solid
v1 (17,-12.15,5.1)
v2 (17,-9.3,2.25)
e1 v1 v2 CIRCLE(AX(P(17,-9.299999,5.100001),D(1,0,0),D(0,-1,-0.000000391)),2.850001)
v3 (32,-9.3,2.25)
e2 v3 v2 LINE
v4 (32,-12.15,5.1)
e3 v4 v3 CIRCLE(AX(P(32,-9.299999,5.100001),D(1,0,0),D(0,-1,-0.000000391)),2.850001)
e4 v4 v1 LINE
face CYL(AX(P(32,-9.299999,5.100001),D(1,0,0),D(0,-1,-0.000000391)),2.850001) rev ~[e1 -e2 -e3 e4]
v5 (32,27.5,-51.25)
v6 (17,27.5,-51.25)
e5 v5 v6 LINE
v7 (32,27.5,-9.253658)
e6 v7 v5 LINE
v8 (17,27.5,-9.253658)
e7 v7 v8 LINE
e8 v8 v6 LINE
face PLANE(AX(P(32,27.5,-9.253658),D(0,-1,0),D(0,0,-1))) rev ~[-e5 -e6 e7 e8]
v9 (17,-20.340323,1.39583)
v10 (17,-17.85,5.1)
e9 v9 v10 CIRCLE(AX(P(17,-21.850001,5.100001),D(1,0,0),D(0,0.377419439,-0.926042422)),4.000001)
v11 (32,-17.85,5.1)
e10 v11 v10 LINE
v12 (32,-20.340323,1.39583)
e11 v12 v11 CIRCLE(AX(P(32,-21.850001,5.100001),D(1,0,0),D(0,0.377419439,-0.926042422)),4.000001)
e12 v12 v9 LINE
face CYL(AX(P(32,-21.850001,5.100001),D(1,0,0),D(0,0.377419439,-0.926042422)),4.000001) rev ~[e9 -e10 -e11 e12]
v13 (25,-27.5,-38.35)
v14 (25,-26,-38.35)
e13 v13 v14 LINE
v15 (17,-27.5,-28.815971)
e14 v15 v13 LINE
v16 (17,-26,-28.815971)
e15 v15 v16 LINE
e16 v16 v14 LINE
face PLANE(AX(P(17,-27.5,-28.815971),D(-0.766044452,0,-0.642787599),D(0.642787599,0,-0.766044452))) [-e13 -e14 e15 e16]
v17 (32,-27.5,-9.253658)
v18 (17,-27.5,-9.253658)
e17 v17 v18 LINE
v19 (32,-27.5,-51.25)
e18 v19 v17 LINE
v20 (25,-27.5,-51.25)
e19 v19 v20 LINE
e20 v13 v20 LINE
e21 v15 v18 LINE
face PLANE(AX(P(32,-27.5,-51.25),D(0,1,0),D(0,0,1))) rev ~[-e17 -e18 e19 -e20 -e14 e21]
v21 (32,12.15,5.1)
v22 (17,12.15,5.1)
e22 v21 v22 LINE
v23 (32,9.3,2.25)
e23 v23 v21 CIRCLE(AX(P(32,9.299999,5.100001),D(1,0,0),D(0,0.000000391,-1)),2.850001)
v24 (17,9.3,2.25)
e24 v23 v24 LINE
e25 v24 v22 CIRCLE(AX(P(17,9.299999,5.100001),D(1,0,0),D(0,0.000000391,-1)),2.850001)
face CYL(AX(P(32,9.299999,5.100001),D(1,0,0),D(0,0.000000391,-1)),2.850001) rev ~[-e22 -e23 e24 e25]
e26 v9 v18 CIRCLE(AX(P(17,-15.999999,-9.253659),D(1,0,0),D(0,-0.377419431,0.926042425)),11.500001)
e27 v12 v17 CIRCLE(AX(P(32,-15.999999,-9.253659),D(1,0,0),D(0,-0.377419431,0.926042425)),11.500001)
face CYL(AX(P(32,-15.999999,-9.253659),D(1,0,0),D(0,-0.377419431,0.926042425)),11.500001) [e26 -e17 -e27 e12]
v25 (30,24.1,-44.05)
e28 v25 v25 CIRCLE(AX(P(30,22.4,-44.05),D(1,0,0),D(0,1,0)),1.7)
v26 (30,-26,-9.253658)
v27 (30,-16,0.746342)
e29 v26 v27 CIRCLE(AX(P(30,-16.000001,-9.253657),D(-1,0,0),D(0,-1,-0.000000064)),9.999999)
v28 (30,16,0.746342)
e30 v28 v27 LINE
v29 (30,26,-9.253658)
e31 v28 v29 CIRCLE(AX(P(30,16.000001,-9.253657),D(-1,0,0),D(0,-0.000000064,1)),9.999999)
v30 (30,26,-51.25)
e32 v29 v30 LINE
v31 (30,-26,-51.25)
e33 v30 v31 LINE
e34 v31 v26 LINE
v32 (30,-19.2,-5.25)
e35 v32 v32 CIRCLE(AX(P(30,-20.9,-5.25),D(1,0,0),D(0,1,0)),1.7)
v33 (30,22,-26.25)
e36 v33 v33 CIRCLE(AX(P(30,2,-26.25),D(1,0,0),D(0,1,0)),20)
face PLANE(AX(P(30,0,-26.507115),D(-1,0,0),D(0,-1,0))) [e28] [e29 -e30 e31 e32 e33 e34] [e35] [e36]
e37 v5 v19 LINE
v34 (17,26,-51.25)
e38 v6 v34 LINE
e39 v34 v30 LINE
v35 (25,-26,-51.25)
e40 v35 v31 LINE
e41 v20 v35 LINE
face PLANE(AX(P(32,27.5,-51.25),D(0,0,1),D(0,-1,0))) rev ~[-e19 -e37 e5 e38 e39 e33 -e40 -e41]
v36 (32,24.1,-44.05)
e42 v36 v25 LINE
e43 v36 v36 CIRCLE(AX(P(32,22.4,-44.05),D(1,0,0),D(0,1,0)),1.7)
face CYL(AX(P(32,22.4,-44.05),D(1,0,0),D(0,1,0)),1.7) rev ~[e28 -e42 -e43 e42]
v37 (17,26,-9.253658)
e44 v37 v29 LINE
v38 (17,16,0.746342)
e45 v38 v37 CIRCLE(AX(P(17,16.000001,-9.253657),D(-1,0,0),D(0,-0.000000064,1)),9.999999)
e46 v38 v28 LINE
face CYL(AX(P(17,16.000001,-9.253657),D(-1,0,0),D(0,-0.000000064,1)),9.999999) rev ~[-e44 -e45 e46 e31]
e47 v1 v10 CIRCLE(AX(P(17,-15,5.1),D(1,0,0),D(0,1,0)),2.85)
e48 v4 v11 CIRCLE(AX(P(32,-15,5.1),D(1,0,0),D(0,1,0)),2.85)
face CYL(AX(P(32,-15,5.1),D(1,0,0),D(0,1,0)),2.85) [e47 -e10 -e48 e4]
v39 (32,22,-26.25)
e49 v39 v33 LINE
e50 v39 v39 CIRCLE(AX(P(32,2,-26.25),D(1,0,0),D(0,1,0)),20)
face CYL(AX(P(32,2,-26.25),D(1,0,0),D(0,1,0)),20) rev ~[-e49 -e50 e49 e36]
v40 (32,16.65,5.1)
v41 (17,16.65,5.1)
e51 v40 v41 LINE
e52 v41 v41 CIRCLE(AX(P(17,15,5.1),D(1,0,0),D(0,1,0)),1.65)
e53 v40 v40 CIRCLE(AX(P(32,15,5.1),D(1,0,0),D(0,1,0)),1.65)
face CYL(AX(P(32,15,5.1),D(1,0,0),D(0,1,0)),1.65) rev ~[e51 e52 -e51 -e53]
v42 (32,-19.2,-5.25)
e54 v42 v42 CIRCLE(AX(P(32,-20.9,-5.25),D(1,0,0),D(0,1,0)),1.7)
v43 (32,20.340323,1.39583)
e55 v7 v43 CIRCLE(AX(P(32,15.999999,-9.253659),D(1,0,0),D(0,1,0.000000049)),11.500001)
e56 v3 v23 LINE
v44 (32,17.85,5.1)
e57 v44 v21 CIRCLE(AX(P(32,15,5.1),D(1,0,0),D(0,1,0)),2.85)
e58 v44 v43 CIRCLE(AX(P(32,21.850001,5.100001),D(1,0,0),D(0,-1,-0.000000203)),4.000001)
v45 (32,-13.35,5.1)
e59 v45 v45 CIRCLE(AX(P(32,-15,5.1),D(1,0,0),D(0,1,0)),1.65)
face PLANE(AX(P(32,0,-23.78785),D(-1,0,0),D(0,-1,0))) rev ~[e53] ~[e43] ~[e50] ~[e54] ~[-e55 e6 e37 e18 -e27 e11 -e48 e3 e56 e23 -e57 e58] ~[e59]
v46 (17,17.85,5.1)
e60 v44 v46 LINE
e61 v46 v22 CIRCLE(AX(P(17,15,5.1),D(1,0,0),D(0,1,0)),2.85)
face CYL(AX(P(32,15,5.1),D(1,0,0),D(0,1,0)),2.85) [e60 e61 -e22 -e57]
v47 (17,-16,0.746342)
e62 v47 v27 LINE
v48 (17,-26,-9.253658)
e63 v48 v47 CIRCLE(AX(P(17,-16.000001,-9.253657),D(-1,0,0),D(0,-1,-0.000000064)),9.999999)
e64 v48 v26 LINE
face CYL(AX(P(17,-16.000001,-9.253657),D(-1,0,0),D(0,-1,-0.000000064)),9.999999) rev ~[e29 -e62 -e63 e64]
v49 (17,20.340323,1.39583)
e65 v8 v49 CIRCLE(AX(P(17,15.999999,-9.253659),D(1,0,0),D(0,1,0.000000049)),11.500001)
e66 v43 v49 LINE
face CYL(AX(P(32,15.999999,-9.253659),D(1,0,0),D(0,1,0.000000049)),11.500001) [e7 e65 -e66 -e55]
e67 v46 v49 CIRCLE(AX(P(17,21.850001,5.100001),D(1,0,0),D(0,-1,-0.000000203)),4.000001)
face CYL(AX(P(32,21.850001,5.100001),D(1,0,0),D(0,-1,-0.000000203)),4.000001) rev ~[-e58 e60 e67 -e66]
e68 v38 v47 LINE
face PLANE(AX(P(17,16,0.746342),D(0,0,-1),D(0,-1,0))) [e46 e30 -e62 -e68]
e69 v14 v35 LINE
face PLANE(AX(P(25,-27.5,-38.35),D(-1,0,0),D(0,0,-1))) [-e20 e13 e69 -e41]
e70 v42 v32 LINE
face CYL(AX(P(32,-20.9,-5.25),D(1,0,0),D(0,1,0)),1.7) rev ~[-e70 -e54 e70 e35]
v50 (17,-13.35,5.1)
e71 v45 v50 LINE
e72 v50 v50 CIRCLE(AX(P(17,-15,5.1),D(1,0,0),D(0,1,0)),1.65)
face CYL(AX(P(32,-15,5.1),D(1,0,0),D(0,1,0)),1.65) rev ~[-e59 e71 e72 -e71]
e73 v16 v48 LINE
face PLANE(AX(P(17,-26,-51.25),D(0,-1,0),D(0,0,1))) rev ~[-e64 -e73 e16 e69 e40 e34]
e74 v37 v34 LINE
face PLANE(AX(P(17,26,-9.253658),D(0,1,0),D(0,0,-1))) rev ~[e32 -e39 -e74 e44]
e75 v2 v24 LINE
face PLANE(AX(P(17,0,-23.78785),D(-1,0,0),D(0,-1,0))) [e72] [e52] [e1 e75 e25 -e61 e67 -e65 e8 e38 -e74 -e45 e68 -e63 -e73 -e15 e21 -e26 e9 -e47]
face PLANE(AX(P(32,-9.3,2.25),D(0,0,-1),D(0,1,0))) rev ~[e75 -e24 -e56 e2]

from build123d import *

# Parameters (mm, degrees)
PAD043_DEPTH    = 15
POCKET057_DEPTH = 13
SKETCH118_R     = 1.65
SKETCH118_R_2   = 1.7
SKETCH118_R_3   = 20
POCKET058_DEPTH = 15
POCKET059_DEPTH = 5


with BuildPart() as part:
    # Sketch116 → Pad043 (new body)
    with BuildSketch(Plane.YZ):
        with BuildLine():
            Line((27.5, -9.253658), (27.5, -51.25))
            Line((27.5, -51.25), (-27.5, -51.25))
            Line((-27.5, -51.25), (-27.5, -9.253658))
            ThreePointArc((-20.340323, 1.39583), (-25.543681, -2.837417), (-27.5, -9.253658))
            ThreePointArc((-20.340323, 1.39583), (-18.530459, 2.868264), (-17.85, 5.1))
            ThreePointArc((-12.15, 5.1), (-15, 7.95), (-17.85, 5.1))
            ThreePointArc((-12.15, 5.1), (-11.315254, 3.084746), (-9.3, 2.25))
            Line((-9.3, 2.25), (9.3, 2.25))
            ThreePointArc((9.3, 2.25), (11.315254, 3.084746), (12.15, 5.1))
            ThreePointArc((17.85, 5.1), (15, 7.95), (12.15, 5.1))
            ThreePointArc((17.85, 5.1), (18.530459, 2.868264), (20.340323, 1.39583))
            ThreePointArc((27.5, -9.253658), (25.543681, -2.837417), (20.340323, 1.39583))
        make_face()
    extrude(amount=-PAD043_DEPTH)

    # Sketch117 (on Face14 of Pad043) → Pocket057 (cut)
    with BuildSketch(Plane(origin=(-15, 0, 0), x_dir=(0, -1, 0), z_dir=(-1, 0, 0))):
        with BuildLine():
            Line((-26, -9.253658), (-26, -51.25))
            Line((-26, -51.25), (26, -51.25))
            Line((26, -51.25), (26, -9.253658))
            ThreePointArc((26, -9.253658), (23.071068, -2.18259), (16, 0.746342))
            Line((-16, 0.746342), (16, 0.746342))
            ThreePointArc((-16, 0.746342), (-23.071068, -2.18259), (-26, -9.253658))
        make_face()
    extrude(amount=-POCKET057_DEPTH, mode=Mode.SUBTRACT)

    # Sketch118 (on Face4 of Pocket057) → Pocket058 (cut)
    with BuildSketch(Plane.YZ):
        with Locations((-15, 5.1)):
            Circle(SKETCH118_R)
        with Locations((15, 5.1)):
            Circle(SKETCH118_R)
        with Locations((22.4, -44.05)):
            Circle(SKETCH118_R_2)
        with Locations((-20.9, -5.25)):
            Circle(SKETCH118_R_2)
        with Locations((2, -26.25)):
            Circle(SKETCH118_R_3)
    extrude(amount=-POCKET058_DEPTH, mode=Mode.SUBTRACT)

    # Sketch119 (on Face11 of Pocket058) → Pocket059 (cut)
    with BuildSketch(Plane(origin=(0, -27.5, 0), x_dir=(0, 0, 1), z_dir=(0, -1, 0))):
        Polygon((-51.25, 15), (-28.815971, 15), (-38.35, 7), (-51.25, 7), align=None)
    extrude(amount=-POCKET059_DEPTH, mode=Mode.SUBTRACT)


with BuildPart() as part_1:
    # Body016 placement: moved
    add(part.part.moved(Location((32, 0, 0))))


solid = part_1.part
